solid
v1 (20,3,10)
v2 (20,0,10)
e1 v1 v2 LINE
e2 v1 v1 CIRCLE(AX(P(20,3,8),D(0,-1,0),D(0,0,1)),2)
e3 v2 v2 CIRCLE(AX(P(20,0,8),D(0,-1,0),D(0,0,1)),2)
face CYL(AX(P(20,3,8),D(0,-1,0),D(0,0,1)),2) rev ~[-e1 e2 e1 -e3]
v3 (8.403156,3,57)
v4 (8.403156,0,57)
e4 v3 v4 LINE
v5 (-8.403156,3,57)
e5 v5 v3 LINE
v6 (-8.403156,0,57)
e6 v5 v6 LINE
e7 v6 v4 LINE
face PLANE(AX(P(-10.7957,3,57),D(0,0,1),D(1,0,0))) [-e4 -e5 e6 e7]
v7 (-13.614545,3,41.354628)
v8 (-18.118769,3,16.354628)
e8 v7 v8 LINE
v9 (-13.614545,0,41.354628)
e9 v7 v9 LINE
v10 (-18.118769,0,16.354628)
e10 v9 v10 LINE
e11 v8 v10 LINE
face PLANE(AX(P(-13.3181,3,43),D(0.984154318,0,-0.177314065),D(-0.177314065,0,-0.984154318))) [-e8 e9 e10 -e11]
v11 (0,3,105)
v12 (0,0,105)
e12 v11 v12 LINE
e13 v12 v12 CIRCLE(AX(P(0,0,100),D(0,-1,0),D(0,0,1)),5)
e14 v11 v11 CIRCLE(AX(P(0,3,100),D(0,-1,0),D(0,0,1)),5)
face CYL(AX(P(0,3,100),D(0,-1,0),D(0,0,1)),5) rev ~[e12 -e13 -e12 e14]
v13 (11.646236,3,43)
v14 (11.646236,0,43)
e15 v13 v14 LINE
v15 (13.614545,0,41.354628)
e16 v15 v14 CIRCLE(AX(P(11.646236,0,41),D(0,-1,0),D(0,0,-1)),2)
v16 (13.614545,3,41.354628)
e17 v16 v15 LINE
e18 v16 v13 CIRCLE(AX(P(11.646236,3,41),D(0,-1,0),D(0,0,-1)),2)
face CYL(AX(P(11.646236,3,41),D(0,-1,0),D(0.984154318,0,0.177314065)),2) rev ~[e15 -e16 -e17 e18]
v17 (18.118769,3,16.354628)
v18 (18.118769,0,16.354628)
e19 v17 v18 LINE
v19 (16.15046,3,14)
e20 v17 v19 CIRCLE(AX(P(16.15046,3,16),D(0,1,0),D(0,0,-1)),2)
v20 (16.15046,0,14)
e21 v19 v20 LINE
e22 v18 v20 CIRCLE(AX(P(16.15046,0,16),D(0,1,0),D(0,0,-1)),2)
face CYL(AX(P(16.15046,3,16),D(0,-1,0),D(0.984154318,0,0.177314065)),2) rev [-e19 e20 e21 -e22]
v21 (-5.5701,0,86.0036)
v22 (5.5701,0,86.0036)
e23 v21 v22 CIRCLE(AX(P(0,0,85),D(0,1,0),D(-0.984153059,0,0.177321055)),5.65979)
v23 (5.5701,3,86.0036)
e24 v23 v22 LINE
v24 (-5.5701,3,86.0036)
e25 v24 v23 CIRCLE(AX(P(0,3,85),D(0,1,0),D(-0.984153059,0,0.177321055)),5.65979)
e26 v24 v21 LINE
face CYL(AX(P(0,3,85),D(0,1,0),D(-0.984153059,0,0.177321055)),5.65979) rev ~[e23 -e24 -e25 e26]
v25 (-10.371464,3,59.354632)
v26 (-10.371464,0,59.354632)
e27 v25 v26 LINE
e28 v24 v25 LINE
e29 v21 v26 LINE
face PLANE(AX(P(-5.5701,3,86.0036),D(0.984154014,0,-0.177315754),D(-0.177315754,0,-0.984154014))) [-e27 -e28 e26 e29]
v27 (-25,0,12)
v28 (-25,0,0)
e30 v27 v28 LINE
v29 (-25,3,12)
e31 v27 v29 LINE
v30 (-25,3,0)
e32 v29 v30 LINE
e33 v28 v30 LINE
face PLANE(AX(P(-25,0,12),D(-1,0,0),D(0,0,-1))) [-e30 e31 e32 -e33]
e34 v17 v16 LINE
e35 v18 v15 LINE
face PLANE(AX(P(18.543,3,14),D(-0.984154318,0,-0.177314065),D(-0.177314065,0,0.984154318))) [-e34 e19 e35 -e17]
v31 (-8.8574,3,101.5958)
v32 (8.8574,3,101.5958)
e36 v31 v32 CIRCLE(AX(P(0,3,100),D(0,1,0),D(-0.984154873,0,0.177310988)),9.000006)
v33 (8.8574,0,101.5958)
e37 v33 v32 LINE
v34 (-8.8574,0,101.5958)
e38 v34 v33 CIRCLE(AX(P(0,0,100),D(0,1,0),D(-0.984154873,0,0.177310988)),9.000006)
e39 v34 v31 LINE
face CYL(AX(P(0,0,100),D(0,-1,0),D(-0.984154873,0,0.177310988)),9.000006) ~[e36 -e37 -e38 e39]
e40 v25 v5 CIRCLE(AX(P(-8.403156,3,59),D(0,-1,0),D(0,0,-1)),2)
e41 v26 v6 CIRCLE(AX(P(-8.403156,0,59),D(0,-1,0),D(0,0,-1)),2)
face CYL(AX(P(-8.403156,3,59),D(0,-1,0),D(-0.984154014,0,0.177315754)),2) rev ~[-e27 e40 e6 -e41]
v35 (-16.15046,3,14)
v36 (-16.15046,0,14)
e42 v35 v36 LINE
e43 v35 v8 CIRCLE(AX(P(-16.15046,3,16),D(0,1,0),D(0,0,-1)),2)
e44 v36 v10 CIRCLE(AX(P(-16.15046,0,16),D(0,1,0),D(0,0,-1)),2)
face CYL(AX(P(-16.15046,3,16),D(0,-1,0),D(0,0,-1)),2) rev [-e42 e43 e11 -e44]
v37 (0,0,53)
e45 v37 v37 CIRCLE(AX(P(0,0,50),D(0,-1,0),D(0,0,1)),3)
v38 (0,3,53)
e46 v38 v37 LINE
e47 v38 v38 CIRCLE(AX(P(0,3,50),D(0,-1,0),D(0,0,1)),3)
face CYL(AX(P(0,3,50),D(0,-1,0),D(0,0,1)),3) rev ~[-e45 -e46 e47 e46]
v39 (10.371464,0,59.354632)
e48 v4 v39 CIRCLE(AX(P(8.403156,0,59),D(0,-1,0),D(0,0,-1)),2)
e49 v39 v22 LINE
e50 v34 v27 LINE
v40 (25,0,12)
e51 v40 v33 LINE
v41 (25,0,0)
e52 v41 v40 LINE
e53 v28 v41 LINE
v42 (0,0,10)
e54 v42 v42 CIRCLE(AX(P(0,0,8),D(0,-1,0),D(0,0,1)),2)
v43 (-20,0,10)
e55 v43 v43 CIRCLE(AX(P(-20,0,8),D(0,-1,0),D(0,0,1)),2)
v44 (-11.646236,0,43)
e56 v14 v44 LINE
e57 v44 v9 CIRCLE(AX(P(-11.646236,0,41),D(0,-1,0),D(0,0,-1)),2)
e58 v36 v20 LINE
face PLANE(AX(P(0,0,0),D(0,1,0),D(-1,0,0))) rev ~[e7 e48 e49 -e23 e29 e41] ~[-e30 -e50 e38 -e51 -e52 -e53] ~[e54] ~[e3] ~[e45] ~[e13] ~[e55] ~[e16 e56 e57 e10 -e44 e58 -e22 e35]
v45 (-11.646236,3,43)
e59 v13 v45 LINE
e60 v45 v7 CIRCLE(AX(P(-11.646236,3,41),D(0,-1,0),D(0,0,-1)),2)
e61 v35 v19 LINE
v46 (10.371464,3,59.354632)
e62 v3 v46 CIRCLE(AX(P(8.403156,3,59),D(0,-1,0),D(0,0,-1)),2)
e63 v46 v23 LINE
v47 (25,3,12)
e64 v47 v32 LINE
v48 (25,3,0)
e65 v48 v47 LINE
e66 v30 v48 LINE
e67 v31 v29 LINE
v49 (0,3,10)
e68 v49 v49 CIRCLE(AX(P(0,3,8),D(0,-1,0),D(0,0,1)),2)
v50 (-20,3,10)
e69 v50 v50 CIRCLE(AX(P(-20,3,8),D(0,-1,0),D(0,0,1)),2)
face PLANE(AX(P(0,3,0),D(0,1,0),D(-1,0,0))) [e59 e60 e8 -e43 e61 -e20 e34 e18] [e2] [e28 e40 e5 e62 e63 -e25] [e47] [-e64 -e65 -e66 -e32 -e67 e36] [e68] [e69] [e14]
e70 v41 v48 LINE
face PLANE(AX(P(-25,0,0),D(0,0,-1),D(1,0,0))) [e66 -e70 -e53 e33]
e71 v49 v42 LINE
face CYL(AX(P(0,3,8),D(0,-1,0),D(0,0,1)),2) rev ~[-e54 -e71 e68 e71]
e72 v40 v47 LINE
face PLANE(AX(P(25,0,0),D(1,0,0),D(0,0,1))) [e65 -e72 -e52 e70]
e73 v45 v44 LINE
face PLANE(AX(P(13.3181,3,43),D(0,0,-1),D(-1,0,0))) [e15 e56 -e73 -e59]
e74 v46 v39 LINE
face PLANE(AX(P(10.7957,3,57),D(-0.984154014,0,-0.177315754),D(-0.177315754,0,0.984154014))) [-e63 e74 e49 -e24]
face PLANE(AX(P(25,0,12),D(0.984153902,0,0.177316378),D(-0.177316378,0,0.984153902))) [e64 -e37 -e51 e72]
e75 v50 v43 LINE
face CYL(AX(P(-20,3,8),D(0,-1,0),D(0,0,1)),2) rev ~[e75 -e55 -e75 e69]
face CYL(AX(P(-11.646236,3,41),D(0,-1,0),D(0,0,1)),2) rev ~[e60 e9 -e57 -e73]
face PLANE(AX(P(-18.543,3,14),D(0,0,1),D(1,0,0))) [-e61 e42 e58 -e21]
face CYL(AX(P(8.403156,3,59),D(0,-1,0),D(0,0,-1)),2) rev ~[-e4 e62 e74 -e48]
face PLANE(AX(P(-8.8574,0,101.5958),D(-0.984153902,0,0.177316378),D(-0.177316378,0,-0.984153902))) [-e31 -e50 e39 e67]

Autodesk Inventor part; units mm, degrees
ref_plane "YZ Plane" through (0, 0, 0) normal (1, 0, 0) x (0, 1, 0)
ref_plane "XZ Plane" through (0, 0, 0) normal (0, 1, 0) x (-1, 0, 0)
ref_plane "XY Plane" through (0, 0, 0) normal (0, 0, 1) x (1, 0, 0)
sketch "Skizze1" plane through (0, 0, 0) normal (0, 1, 0) x (-1, 0, 0)
  line L0 (25, 0) -> (-25, 0)
  line L1 (-25, 0) -> (-25, 12)
  line L2 (-25, 12) -> (-8.8574, 101.5958)
  arc A0 (8.8574, 101.5958) -> (-8.8574, 101.5958) centre (0, 100) ccw
  line L3 (8.8574, 101.5958) -> (25, 12)
  line L4 (25, 12) -> (25, 0)
  line L5 (0, 100) -> (0, 0) construction
  dimension "d0" = 100
  dimension "d1" = 12
  dimension "d2" = 50
  dimension "d3" = 9
extrude "Extrusion1" add sketch "Skizze1" along normal blind 3
sketch "Skizze3" plane through (0, 3, 0) normal (0, 1, 0) x (1, 0, 0)
  arc A0 (-8.8574, -101.5958) -> (8.8574, -101.5958) centre (0, -100) ccw projected
  point P0 (0, 0)
  point P1 (0, -100)
hole "Bohrung1" at (0, 3, 100) direction (0, -1, 0) diameter 10 depth 3
sketch "Skizze4" plane through (0, 3, 0) normal (0, 1, 0) x (1, 0, 0)
  line L0 (-10.7957, -57) -> (10.7957, -57)
  line L1 (10.7957, -57) -> (5.5701, -86.0036)
  arc A0 (-5.5701, -86.0036) -> (5.5701, -86.0036) centre (0, -85) ccw
  line L2 (-5.5701, -86.0036) -> (-10.7957, -57)
  line L3 (25, 0) -> (-25, 0) projected
  line L4 (8.8574, -101.5958) -> (25, -12) projected
  line L5 (-25, -12) -> (-8.8574, -101.5958) projected
  circle A1 centre (0, -100) radius 5 projected
  point P0 (0, 0)
  point P1 (0, 0)
  dimension "d13" = 15
  dimension "d14" = 6
  dimension "d15" = 43
extrude "Extrusion2" cut sketch "Skizze4" against normal up to surface (3 mm away) contours L0 L1 A0 L2
sketch "Skizze5" plane through (0, 3, 0) normal (0, 1, 0) x (1, 0, 0)
  line L0 (13.3181, -43) -> (-13.3181, -43)
  line L1 (-13.3181, -43) -> (-18.543, -14)
  line L2 (-18.543, -14) -> (18.543, -14)
  line L3 (18.543, -14) -> (13.3181, -43)
  line L4 (8.8574, -101.5958) -> (25, -12) projected
  line L5 (-25, -12) -> (-8.8574, -101.5958) projected
  line L6 (25, 0) -> (-25, 0) projected
  line L7 (-10.7957, -57) -> (10.7957, -57) projected
  point P0 (0, 0)
  point P1 (0, -14)
  point P2 (0, 0)
  dimension "d18" = 6
  dimension "d19" = 14
  dimension "d20" = 14
extrude "Extrusion3" cut sketch "Skizze5" against normal up to surface (3 mm away)
sketch "Skizze6" plane through (0, 3, 0) normal (0, 1, 0) x (1, 0, 0)
  line L0 (25, 0) -> (-25, 0) projected
  line L1 (-10.7957, -57) -> (10.7957, -57) projected
  point P0 (0, 0)
  point P1 (0, -50)
  point P2 (0, 0)
  dimension "d30" = 7
hole "Bohrung2" at (0, 3, 50) direction (0, -1, 0) diameter 6 end through all
fillet "Rundung1" radius 2 6 edges at (10.7957, 1.5, 57) (-10.7957, 1.5, 57) (-13.3181, 1.5, 43) (13.3181, 1.5, 43) (18.543, 1.5, 14) (-18.543, 1.5, 14)
sketch "Skizze7" plane through (0, 3, 0) normal (0, 1, 0) x (1, 0, 0)
  line L0 (25, -12) -> (25, 0) projected
  line L1 (-25, 0) -> (-25, -12) projected
  line L2 (25, 0) -> (-25, 0) projected
  point P0 (0, 0)
  point P1 (20, -8)
  point P2 (0, -8)
  point P3 (-20, -8)
  dimension "d39" = 5
  dimension "d40" = 5
  dimension "d41" = 20
  dimension "d42" = 8
hole "Bohrung3" at (20, 3, 8) at (0, 3, 8) at (-20, 3, 8) direction (0, -1, 0) diameter 4 end through all
properties part number "1171" material "Aluminium 6061"
